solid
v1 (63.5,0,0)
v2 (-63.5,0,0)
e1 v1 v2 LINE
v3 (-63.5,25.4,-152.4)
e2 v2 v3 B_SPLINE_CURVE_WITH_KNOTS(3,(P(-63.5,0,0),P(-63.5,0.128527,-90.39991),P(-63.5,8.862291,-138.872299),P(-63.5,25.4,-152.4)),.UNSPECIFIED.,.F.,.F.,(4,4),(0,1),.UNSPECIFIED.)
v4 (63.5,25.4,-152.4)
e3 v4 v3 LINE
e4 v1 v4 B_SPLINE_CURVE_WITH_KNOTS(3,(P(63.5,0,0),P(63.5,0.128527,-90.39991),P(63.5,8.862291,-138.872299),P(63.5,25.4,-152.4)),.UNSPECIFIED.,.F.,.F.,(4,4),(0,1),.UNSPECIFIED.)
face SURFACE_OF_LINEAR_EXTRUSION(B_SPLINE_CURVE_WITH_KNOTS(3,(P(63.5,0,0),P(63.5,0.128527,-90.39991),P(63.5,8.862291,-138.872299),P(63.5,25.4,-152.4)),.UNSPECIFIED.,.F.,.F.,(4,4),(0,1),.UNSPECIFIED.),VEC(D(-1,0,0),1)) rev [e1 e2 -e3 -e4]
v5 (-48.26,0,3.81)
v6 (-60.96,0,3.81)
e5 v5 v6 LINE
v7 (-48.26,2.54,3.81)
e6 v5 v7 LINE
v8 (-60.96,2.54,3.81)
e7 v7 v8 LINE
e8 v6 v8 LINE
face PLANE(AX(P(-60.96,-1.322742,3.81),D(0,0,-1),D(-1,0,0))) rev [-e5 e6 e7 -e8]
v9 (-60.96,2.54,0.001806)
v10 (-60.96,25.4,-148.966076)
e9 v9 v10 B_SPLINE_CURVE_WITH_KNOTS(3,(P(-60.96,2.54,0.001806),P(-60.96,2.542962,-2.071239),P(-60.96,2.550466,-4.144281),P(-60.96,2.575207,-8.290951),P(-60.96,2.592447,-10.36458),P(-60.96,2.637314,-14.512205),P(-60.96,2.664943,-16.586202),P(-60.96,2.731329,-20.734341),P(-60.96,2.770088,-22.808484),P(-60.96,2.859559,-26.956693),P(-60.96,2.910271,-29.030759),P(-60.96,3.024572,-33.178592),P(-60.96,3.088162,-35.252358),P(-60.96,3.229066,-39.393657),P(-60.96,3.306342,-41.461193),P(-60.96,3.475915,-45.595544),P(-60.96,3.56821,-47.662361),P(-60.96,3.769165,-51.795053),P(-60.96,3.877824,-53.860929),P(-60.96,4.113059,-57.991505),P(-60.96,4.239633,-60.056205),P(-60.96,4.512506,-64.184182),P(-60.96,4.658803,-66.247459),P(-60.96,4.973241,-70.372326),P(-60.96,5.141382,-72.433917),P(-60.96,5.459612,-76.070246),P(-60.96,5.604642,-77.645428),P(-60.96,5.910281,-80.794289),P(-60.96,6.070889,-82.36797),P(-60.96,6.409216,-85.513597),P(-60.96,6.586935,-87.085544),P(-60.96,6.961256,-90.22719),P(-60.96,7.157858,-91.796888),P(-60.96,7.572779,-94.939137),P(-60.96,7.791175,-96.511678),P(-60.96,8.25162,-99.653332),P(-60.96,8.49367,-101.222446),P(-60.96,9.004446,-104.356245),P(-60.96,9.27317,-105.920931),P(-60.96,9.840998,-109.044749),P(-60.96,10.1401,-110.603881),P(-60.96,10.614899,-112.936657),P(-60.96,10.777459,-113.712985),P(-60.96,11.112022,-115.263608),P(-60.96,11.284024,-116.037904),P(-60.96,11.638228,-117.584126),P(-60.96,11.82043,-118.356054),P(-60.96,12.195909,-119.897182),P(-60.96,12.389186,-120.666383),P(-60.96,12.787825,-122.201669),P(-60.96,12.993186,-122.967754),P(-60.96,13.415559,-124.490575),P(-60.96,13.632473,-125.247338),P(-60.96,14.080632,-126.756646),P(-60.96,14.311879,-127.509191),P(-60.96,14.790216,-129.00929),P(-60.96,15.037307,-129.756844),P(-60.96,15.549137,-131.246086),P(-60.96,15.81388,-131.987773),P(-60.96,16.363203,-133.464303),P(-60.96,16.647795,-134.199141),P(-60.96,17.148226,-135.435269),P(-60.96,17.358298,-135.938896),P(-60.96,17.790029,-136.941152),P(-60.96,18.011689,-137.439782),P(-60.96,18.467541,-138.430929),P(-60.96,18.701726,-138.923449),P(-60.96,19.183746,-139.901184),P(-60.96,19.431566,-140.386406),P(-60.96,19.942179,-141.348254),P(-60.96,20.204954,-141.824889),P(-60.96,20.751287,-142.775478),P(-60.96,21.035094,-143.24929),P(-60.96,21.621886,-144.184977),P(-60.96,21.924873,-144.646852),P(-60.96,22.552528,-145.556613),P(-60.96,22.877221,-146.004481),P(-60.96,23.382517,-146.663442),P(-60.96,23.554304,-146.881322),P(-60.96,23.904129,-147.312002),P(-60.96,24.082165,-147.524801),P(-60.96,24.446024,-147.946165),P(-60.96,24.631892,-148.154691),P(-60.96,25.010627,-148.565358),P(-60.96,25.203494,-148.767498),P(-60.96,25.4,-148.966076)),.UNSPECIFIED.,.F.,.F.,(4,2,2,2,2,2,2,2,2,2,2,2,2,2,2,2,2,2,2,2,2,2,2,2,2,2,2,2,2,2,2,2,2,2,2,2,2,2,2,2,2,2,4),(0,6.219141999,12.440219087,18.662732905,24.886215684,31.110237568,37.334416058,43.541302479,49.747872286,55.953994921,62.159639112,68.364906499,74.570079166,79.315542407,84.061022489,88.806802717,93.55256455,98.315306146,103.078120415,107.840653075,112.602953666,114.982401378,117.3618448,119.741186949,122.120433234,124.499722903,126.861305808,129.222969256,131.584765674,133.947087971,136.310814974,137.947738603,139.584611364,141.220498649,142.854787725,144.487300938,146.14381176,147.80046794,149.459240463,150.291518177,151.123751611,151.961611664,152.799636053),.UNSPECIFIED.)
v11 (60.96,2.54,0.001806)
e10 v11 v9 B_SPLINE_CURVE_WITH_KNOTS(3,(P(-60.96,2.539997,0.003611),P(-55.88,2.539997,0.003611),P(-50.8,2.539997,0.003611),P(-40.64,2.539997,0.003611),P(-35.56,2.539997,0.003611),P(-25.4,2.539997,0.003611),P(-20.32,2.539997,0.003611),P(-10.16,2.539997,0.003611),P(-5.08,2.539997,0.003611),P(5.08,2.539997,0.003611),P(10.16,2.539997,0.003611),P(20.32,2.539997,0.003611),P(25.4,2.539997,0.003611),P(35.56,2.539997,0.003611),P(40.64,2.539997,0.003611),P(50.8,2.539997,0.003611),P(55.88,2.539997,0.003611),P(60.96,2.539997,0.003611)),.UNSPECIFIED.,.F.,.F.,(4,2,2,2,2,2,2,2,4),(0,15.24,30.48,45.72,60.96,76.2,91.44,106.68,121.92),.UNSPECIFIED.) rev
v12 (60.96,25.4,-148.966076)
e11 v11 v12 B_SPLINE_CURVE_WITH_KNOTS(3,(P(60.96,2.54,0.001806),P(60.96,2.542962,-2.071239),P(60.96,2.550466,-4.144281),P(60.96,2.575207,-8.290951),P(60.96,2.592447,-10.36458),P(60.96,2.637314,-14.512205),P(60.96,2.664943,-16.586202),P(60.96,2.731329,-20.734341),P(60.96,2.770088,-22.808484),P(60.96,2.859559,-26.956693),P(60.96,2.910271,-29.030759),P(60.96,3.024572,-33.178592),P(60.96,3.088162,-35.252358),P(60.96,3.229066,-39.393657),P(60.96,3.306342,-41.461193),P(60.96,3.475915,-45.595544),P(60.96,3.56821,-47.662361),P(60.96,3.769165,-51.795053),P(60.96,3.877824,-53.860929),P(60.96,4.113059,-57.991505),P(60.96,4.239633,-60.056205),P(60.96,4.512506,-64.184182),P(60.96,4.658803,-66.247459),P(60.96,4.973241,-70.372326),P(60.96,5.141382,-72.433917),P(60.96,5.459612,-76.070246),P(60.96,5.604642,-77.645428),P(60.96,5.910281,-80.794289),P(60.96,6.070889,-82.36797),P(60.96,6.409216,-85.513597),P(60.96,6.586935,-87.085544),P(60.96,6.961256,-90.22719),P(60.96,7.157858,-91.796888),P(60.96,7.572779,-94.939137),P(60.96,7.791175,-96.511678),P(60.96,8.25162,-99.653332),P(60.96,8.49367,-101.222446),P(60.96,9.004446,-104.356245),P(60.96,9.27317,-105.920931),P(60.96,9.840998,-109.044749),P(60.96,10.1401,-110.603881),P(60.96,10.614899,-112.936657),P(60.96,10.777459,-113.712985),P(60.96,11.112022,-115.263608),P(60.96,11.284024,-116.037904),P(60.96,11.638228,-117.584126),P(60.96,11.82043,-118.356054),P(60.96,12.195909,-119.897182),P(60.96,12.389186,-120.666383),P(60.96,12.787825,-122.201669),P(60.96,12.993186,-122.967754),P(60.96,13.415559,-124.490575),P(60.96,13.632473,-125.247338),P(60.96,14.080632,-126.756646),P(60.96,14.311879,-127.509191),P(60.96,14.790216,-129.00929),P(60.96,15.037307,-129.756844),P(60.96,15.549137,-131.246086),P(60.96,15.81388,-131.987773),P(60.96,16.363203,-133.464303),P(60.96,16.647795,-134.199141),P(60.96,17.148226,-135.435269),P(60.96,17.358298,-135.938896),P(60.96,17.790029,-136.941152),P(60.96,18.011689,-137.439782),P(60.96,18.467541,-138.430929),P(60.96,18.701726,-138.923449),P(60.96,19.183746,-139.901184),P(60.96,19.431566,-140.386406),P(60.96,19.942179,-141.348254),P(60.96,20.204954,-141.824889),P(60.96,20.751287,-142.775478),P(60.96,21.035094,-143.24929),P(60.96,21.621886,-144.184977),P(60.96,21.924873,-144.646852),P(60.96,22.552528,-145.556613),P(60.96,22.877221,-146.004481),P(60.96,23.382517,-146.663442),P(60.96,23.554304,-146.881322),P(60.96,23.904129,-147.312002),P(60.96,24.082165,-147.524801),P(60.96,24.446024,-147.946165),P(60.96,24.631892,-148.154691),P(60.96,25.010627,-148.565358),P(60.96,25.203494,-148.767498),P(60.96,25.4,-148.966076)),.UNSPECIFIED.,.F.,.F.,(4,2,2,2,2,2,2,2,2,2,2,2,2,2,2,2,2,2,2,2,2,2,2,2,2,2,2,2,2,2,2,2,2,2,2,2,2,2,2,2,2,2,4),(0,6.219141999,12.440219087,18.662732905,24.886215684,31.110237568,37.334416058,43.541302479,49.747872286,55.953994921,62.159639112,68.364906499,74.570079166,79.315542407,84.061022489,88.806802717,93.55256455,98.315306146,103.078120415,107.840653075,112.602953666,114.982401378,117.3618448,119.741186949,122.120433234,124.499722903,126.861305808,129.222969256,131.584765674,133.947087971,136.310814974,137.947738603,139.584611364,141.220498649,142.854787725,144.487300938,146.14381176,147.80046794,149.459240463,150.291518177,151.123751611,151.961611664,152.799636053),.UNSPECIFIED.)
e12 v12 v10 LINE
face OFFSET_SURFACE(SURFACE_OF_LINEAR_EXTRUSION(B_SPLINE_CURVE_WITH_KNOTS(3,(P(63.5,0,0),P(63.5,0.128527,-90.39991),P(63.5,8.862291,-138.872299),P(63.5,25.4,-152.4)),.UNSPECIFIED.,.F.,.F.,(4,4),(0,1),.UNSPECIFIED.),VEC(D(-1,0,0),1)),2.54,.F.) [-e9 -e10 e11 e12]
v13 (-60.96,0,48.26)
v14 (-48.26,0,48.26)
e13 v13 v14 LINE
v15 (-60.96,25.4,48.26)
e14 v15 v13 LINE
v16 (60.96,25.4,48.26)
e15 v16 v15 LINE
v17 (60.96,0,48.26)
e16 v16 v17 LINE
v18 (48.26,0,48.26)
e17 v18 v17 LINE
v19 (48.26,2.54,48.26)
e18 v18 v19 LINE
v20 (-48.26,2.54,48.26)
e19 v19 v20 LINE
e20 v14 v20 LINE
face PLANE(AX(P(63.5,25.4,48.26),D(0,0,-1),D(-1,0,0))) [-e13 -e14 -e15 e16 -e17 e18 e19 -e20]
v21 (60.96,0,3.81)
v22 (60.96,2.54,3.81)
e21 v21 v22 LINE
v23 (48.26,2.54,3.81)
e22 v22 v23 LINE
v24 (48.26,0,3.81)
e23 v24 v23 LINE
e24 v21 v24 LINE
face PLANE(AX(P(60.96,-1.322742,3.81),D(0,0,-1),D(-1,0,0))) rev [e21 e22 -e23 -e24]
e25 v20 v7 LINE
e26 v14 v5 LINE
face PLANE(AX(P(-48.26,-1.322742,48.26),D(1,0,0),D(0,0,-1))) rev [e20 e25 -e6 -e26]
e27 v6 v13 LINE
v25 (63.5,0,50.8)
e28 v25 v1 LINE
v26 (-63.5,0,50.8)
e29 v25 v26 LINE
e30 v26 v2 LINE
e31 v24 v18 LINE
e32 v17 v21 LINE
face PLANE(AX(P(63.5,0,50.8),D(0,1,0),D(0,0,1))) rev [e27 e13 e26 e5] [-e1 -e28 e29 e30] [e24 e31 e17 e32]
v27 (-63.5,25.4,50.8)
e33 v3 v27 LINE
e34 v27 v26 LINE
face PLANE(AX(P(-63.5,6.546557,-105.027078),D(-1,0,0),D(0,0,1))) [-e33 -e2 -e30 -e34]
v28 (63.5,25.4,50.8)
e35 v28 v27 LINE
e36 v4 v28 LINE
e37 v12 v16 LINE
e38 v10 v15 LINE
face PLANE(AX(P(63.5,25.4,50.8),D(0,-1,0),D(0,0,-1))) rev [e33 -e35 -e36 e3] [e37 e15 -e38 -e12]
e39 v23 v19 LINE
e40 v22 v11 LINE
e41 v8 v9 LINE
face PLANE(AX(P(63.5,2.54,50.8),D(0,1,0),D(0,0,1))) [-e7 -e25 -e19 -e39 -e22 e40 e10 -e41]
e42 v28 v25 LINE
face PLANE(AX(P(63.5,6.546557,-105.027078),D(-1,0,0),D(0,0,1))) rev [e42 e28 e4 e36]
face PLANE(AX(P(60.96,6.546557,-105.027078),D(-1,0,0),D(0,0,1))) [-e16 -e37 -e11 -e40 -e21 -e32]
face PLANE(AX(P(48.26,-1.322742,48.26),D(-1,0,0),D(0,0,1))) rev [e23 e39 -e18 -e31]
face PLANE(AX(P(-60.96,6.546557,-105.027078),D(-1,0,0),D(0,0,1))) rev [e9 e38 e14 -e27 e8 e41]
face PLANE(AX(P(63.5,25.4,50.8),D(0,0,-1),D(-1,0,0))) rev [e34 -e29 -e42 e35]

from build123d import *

# Parameters (mm, degrees)
BOSS_EXTRUDE1_DEPTH = 63.5
SHELL1_T            = -2.54
SKETCH4_W           = 12.7
SKETCH4_H           = 44.45
CUT_EXTRUDE1_DEPTH  = 168.042419907


with BuildPart() as part:
    # Sketch1 → Boss-Extrude1 (new, symmetric)
    with BuildSketch(Plane(origin=(0, 0, 0), x_dir=(0, 0, -1), z_dir=(1, 0, 0))):
        with BuildLine():
            Line((-50.8, 25.4), (-50.8, 0))
            Line((-50.8, 0), (0, 0))
            add(Edge.make_bspline(
                [(0, 0), (90.399909762, 0.128526821), (138.872298675, 8.862290589), (152.4, 25.4)],
                knots=[0, 0, 0, 0, 1, 1, 1, 1], degree=3))
            Line((152.4, 25.4), (-50.8, 25.4))
        make_face()
    extrude(amount=BOSS_EXTRUDE1_DEPTH, both=True)

    # Shell1
    shell1_openings = [part.faces().sort_by_distance(p)[0] for p in [
        (0, 25.4, -50.8),
    ]]
    offset(amount=SHELL1_T, openings=shell1_openings, kind=Kind.INTERSECTION)

    # Sketch4 → Cut-Extrude1 (cut, through all)
    with BuildSketch(Plane(origin=(0, 25.4, 0), x_dir=(1, 0, 0), z_dir=(0, 1, 0))):
        with Locations((-54.61, -26.035)):
            Rectangle(SKETCH4_W, SKETCH4_H)
        with Locations((54.61, -26.035)):
            Rectangle(SKETCH4_W, SKETCH4_H)
    extrude(amount=-CUT_EXTRUDE1_DEPTH, mode=Mode.SUBTRACT)


solid = part.part
